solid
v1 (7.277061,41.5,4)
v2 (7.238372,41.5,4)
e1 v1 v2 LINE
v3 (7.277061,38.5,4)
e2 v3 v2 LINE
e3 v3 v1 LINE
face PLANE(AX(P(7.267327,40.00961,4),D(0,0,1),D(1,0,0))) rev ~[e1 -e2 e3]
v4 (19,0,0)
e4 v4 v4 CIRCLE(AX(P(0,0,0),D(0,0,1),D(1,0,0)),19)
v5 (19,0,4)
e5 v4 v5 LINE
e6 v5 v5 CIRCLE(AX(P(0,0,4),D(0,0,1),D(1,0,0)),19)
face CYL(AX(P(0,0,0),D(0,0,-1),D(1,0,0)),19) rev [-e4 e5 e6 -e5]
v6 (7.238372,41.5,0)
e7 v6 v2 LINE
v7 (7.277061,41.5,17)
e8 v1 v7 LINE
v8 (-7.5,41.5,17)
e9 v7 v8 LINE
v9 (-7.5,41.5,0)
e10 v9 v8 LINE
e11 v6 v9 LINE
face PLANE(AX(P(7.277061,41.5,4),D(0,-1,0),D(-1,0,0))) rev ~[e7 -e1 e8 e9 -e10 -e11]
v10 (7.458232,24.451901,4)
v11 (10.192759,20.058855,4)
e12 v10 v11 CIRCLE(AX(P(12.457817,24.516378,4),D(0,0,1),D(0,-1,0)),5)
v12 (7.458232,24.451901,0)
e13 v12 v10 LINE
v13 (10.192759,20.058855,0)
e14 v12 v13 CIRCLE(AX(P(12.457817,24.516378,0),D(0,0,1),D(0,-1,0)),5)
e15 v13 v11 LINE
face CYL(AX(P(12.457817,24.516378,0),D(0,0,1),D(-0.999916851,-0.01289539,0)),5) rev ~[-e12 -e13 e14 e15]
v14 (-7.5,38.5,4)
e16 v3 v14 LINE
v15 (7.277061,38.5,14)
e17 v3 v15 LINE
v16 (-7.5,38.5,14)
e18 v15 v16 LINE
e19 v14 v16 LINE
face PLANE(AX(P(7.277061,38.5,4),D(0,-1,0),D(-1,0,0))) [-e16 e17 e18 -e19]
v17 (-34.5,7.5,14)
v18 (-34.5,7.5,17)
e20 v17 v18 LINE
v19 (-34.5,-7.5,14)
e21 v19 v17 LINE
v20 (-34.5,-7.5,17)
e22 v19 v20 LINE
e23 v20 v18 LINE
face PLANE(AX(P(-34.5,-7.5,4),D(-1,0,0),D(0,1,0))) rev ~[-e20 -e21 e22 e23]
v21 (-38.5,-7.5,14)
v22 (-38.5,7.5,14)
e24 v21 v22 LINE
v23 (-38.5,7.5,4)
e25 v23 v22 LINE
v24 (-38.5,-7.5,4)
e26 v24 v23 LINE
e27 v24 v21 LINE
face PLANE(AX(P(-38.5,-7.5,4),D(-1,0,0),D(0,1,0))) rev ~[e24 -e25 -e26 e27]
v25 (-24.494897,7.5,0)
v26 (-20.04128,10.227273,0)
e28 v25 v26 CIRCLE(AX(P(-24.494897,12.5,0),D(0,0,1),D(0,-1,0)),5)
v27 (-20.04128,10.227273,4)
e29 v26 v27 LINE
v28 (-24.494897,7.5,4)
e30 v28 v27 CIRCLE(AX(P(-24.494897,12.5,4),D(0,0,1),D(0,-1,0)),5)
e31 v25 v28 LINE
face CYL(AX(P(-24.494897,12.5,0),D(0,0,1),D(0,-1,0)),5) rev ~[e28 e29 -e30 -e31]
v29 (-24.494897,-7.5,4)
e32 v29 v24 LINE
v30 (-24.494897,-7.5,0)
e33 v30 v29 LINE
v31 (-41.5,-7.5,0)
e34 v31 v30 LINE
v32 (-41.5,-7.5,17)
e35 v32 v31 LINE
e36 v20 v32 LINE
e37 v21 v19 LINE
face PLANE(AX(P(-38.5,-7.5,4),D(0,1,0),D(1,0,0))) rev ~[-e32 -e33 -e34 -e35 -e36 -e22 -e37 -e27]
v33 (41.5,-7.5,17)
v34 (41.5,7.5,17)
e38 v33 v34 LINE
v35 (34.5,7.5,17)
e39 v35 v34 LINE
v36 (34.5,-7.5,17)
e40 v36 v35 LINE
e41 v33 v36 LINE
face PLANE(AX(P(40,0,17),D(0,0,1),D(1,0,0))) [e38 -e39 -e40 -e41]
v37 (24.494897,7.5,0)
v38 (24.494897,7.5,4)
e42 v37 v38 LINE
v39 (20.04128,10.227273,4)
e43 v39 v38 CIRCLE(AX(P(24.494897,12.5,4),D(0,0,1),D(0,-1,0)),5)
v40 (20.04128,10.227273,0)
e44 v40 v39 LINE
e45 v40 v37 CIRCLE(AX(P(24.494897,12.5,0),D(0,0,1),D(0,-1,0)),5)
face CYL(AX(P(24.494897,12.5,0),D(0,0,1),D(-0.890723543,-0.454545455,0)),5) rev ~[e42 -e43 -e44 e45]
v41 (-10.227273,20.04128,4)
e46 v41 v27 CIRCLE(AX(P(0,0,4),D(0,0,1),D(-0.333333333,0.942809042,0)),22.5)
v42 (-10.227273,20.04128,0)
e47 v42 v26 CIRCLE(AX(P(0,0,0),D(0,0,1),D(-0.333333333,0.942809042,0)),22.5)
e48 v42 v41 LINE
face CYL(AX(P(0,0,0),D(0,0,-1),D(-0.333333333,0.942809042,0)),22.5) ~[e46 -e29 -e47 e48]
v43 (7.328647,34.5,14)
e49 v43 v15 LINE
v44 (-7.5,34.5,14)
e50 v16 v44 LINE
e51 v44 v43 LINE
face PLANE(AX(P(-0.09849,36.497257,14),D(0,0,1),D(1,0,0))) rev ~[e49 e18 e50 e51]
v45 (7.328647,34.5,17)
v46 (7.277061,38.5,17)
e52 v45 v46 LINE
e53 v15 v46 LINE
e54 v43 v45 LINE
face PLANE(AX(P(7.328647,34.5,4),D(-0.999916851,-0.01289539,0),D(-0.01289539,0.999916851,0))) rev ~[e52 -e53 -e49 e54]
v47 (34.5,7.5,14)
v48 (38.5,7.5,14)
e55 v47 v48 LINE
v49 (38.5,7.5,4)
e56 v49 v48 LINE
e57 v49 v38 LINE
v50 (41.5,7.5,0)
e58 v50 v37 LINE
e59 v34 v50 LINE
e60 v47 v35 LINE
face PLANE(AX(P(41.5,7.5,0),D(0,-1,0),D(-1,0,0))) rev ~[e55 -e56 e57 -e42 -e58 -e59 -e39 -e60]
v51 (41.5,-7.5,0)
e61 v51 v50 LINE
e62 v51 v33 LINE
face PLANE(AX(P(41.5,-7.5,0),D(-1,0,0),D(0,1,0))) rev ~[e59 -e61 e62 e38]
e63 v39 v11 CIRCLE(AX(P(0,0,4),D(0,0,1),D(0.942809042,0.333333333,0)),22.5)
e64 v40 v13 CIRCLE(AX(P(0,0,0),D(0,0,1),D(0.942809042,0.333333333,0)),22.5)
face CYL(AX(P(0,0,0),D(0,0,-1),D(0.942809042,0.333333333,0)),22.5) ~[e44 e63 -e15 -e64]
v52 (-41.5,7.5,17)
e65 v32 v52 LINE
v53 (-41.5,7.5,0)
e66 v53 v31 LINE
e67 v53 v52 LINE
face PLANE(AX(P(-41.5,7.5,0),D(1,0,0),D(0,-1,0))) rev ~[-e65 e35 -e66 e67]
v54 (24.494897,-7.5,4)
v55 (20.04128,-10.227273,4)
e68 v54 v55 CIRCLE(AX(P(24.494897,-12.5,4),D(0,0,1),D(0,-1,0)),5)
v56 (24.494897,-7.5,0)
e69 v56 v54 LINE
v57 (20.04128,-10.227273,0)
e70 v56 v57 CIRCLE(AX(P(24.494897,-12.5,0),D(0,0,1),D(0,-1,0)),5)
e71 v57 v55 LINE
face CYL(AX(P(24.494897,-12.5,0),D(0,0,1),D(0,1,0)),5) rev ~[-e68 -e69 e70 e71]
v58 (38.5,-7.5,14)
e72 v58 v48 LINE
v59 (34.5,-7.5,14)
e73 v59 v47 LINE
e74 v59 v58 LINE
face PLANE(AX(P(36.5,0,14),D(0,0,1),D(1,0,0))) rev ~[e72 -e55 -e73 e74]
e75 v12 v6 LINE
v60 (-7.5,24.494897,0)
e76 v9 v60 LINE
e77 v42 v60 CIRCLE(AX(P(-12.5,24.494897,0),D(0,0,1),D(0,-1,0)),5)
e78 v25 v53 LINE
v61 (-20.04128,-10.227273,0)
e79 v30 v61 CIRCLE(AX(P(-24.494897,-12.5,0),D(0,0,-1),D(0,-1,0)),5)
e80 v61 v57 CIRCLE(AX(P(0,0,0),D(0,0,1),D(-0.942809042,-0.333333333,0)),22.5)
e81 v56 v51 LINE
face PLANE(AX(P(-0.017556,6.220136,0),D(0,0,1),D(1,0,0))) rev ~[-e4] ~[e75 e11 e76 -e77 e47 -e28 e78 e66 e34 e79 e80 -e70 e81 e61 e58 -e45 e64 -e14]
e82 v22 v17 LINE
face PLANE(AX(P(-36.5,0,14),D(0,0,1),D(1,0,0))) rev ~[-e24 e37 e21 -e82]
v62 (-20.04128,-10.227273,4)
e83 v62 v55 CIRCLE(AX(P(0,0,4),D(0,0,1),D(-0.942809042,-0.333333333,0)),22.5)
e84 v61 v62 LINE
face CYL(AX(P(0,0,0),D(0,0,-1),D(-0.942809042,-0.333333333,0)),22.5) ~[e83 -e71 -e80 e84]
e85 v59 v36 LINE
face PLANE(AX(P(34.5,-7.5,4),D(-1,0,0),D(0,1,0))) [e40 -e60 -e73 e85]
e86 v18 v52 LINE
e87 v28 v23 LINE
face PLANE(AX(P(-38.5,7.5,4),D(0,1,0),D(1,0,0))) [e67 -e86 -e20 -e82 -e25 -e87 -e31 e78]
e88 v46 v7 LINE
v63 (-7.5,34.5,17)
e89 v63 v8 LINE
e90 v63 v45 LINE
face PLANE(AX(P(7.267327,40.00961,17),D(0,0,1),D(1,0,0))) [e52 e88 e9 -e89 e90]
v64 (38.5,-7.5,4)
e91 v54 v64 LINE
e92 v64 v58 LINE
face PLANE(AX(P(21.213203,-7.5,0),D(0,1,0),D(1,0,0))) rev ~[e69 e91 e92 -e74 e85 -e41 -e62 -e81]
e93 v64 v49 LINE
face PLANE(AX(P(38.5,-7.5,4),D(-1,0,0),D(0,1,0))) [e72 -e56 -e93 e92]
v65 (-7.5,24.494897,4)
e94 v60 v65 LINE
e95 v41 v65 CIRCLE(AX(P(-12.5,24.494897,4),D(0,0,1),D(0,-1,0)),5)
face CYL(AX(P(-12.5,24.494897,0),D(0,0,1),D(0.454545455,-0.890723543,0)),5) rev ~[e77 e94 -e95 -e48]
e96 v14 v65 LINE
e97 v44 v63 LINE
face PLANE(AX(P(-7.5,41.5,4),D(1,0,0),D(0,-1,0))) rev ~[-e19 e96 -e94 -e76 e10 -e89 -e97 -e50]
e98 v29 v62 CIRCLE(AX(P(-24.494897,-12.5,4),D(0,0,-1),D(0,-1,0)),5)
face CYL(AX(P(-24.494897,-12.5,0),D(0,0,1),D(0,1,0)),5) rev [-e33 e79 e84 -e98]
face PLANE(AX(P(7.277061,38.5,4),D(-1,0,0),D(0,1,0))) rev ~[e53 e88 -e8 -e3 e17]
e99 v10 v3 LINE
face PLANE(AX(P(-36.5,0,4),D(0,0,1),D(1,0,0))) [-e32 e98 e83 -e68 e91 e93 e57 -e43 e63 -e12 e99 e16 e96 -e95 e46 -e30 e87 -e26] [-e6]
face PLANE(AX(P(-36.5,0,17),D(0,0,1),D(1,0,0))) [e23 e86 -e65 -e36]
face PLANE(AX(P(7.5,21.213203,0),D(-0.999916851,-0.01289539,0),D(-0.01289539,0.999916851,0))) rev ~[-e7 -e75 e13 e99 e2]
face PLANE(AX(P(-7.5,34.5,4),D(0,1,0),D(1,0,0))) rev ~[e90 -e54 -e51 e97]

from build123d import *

# Parameters (mm, degrees)
F0_R     = 19
F1_DEPTH = 4
F2_W     = 3
F2_H     = 15
F3_DEPTH = 13
F2_W_2   = 4
F4_DEPTH = 13
F5_R     = 5
F6_DEPTH = 10


with BuildPart() as f1:
    # F0 (on Top) → F1 (new body)
    with BuildSketch(Plane.XY):
        with BuildLine():
            Line((-41.5, -7.5), (-21.2132034356, -7.5))
            ThreePointArc((-21.2132034356, -7.5), (0, -22.5), (21.2132034356, -7.5))
            Line((21.2132034356, -7.5), (41.5, -7.5))
            Line((41.5, -7.5), (41.5, 7.5))
            Line((41.5, 7.5), (21.2132034356, 7.5))
            ThreePointArc((21.2132034356, 7.5), (15.9099025767, 15.9099025767), (7.5, 21.2132034356))
            Line((7.5, 21.2132034356), (7.238372093, 41.5))
            Line((7.238372093, 41.5), (-7.5, 41.5))
            Line((-7.5, 41.5), (-7.5, 21.2132034356))
            ThreePointArc((-7.5, 21.2132034356), (-15.9099025767, 15.9099025767), (-21.2132034356, 7.5))
            Line((-21.2132034356, 7.5), (-41.5, 7.5))
            Line((-41.5, 7.5), (-41.5, -7.5))
        make_face()
        Circle(F0_R, mode=Mode.SUBTRACT)
    extrude(amount=F1_DEPTH)

    # F2 (on face) → F3 (join)
    with BuildSketch(Plane.XY.offset(4)):
        Polygon((7.238372093, 41.5), (7.2770614799, 38.5), (7.2770614799, 41.5), align=None)
        with Locations((-40, 0)):
            Rectangle(F2_W, F2_H)
        with Locations((40, 0)):
            Rectangle(F2_W, F2_H)
        Polygon((-7.5, 41.5), (-7.5, 38.5), (7.2770614799, 38.5), (7.238372093, 41.5), align=None)
    extrude(amount=F3_DEPTH)

    # F2 (on face) → F4 (join)
    with BuildSketch(Plane.XY.offset(4)):
        with Locations((-36.5, 0)):
            Rectangle(F2_W_2, F2_H)
        with Locations((36.5, 0)):
            Rectangle(F2_W_2, F2_H)
        Polygon((-7.5, 38.5), (-7.5, 34.5), (7.3286473291, 34.5), (7.2770614799, 38.5), align=None)
    extrude(amount=F4_DEPTH)

    # F5
    f5_edges = [f1.edges().sort_by_distance(p)[0] for p in [
        (-21.213203, -7.5, 2),
        (21.213203, -7.5, 2),
        (21.213203, 7.5, 2),
        (7.5, 21.213203, 2),
        (-21.213203, 7.5, 2),
        (-7.5, 21.213203, 2),
    ]]
    fillet(f5_edges, radius=F5_R)

    # F2 (on face) → F6 (cut)
    with BuildSketch(Plane.XY.offset(4)):
        Polygon((-7.5, 38.5), (-7.5, 34.5), (7.3286473291, 34.5), (7.2770614799, 38.5), align=None)
        with Locations((-36.5, 0)):
            Rectangle(F2_W_2, F2_H)
        with Locations((36.5, 0)):
            Rectangle(F2_W_2, F2_H)
    extrude(amount=F6_DEPTH, mode=Mode.SUBTRACT)


solid = f1.part
